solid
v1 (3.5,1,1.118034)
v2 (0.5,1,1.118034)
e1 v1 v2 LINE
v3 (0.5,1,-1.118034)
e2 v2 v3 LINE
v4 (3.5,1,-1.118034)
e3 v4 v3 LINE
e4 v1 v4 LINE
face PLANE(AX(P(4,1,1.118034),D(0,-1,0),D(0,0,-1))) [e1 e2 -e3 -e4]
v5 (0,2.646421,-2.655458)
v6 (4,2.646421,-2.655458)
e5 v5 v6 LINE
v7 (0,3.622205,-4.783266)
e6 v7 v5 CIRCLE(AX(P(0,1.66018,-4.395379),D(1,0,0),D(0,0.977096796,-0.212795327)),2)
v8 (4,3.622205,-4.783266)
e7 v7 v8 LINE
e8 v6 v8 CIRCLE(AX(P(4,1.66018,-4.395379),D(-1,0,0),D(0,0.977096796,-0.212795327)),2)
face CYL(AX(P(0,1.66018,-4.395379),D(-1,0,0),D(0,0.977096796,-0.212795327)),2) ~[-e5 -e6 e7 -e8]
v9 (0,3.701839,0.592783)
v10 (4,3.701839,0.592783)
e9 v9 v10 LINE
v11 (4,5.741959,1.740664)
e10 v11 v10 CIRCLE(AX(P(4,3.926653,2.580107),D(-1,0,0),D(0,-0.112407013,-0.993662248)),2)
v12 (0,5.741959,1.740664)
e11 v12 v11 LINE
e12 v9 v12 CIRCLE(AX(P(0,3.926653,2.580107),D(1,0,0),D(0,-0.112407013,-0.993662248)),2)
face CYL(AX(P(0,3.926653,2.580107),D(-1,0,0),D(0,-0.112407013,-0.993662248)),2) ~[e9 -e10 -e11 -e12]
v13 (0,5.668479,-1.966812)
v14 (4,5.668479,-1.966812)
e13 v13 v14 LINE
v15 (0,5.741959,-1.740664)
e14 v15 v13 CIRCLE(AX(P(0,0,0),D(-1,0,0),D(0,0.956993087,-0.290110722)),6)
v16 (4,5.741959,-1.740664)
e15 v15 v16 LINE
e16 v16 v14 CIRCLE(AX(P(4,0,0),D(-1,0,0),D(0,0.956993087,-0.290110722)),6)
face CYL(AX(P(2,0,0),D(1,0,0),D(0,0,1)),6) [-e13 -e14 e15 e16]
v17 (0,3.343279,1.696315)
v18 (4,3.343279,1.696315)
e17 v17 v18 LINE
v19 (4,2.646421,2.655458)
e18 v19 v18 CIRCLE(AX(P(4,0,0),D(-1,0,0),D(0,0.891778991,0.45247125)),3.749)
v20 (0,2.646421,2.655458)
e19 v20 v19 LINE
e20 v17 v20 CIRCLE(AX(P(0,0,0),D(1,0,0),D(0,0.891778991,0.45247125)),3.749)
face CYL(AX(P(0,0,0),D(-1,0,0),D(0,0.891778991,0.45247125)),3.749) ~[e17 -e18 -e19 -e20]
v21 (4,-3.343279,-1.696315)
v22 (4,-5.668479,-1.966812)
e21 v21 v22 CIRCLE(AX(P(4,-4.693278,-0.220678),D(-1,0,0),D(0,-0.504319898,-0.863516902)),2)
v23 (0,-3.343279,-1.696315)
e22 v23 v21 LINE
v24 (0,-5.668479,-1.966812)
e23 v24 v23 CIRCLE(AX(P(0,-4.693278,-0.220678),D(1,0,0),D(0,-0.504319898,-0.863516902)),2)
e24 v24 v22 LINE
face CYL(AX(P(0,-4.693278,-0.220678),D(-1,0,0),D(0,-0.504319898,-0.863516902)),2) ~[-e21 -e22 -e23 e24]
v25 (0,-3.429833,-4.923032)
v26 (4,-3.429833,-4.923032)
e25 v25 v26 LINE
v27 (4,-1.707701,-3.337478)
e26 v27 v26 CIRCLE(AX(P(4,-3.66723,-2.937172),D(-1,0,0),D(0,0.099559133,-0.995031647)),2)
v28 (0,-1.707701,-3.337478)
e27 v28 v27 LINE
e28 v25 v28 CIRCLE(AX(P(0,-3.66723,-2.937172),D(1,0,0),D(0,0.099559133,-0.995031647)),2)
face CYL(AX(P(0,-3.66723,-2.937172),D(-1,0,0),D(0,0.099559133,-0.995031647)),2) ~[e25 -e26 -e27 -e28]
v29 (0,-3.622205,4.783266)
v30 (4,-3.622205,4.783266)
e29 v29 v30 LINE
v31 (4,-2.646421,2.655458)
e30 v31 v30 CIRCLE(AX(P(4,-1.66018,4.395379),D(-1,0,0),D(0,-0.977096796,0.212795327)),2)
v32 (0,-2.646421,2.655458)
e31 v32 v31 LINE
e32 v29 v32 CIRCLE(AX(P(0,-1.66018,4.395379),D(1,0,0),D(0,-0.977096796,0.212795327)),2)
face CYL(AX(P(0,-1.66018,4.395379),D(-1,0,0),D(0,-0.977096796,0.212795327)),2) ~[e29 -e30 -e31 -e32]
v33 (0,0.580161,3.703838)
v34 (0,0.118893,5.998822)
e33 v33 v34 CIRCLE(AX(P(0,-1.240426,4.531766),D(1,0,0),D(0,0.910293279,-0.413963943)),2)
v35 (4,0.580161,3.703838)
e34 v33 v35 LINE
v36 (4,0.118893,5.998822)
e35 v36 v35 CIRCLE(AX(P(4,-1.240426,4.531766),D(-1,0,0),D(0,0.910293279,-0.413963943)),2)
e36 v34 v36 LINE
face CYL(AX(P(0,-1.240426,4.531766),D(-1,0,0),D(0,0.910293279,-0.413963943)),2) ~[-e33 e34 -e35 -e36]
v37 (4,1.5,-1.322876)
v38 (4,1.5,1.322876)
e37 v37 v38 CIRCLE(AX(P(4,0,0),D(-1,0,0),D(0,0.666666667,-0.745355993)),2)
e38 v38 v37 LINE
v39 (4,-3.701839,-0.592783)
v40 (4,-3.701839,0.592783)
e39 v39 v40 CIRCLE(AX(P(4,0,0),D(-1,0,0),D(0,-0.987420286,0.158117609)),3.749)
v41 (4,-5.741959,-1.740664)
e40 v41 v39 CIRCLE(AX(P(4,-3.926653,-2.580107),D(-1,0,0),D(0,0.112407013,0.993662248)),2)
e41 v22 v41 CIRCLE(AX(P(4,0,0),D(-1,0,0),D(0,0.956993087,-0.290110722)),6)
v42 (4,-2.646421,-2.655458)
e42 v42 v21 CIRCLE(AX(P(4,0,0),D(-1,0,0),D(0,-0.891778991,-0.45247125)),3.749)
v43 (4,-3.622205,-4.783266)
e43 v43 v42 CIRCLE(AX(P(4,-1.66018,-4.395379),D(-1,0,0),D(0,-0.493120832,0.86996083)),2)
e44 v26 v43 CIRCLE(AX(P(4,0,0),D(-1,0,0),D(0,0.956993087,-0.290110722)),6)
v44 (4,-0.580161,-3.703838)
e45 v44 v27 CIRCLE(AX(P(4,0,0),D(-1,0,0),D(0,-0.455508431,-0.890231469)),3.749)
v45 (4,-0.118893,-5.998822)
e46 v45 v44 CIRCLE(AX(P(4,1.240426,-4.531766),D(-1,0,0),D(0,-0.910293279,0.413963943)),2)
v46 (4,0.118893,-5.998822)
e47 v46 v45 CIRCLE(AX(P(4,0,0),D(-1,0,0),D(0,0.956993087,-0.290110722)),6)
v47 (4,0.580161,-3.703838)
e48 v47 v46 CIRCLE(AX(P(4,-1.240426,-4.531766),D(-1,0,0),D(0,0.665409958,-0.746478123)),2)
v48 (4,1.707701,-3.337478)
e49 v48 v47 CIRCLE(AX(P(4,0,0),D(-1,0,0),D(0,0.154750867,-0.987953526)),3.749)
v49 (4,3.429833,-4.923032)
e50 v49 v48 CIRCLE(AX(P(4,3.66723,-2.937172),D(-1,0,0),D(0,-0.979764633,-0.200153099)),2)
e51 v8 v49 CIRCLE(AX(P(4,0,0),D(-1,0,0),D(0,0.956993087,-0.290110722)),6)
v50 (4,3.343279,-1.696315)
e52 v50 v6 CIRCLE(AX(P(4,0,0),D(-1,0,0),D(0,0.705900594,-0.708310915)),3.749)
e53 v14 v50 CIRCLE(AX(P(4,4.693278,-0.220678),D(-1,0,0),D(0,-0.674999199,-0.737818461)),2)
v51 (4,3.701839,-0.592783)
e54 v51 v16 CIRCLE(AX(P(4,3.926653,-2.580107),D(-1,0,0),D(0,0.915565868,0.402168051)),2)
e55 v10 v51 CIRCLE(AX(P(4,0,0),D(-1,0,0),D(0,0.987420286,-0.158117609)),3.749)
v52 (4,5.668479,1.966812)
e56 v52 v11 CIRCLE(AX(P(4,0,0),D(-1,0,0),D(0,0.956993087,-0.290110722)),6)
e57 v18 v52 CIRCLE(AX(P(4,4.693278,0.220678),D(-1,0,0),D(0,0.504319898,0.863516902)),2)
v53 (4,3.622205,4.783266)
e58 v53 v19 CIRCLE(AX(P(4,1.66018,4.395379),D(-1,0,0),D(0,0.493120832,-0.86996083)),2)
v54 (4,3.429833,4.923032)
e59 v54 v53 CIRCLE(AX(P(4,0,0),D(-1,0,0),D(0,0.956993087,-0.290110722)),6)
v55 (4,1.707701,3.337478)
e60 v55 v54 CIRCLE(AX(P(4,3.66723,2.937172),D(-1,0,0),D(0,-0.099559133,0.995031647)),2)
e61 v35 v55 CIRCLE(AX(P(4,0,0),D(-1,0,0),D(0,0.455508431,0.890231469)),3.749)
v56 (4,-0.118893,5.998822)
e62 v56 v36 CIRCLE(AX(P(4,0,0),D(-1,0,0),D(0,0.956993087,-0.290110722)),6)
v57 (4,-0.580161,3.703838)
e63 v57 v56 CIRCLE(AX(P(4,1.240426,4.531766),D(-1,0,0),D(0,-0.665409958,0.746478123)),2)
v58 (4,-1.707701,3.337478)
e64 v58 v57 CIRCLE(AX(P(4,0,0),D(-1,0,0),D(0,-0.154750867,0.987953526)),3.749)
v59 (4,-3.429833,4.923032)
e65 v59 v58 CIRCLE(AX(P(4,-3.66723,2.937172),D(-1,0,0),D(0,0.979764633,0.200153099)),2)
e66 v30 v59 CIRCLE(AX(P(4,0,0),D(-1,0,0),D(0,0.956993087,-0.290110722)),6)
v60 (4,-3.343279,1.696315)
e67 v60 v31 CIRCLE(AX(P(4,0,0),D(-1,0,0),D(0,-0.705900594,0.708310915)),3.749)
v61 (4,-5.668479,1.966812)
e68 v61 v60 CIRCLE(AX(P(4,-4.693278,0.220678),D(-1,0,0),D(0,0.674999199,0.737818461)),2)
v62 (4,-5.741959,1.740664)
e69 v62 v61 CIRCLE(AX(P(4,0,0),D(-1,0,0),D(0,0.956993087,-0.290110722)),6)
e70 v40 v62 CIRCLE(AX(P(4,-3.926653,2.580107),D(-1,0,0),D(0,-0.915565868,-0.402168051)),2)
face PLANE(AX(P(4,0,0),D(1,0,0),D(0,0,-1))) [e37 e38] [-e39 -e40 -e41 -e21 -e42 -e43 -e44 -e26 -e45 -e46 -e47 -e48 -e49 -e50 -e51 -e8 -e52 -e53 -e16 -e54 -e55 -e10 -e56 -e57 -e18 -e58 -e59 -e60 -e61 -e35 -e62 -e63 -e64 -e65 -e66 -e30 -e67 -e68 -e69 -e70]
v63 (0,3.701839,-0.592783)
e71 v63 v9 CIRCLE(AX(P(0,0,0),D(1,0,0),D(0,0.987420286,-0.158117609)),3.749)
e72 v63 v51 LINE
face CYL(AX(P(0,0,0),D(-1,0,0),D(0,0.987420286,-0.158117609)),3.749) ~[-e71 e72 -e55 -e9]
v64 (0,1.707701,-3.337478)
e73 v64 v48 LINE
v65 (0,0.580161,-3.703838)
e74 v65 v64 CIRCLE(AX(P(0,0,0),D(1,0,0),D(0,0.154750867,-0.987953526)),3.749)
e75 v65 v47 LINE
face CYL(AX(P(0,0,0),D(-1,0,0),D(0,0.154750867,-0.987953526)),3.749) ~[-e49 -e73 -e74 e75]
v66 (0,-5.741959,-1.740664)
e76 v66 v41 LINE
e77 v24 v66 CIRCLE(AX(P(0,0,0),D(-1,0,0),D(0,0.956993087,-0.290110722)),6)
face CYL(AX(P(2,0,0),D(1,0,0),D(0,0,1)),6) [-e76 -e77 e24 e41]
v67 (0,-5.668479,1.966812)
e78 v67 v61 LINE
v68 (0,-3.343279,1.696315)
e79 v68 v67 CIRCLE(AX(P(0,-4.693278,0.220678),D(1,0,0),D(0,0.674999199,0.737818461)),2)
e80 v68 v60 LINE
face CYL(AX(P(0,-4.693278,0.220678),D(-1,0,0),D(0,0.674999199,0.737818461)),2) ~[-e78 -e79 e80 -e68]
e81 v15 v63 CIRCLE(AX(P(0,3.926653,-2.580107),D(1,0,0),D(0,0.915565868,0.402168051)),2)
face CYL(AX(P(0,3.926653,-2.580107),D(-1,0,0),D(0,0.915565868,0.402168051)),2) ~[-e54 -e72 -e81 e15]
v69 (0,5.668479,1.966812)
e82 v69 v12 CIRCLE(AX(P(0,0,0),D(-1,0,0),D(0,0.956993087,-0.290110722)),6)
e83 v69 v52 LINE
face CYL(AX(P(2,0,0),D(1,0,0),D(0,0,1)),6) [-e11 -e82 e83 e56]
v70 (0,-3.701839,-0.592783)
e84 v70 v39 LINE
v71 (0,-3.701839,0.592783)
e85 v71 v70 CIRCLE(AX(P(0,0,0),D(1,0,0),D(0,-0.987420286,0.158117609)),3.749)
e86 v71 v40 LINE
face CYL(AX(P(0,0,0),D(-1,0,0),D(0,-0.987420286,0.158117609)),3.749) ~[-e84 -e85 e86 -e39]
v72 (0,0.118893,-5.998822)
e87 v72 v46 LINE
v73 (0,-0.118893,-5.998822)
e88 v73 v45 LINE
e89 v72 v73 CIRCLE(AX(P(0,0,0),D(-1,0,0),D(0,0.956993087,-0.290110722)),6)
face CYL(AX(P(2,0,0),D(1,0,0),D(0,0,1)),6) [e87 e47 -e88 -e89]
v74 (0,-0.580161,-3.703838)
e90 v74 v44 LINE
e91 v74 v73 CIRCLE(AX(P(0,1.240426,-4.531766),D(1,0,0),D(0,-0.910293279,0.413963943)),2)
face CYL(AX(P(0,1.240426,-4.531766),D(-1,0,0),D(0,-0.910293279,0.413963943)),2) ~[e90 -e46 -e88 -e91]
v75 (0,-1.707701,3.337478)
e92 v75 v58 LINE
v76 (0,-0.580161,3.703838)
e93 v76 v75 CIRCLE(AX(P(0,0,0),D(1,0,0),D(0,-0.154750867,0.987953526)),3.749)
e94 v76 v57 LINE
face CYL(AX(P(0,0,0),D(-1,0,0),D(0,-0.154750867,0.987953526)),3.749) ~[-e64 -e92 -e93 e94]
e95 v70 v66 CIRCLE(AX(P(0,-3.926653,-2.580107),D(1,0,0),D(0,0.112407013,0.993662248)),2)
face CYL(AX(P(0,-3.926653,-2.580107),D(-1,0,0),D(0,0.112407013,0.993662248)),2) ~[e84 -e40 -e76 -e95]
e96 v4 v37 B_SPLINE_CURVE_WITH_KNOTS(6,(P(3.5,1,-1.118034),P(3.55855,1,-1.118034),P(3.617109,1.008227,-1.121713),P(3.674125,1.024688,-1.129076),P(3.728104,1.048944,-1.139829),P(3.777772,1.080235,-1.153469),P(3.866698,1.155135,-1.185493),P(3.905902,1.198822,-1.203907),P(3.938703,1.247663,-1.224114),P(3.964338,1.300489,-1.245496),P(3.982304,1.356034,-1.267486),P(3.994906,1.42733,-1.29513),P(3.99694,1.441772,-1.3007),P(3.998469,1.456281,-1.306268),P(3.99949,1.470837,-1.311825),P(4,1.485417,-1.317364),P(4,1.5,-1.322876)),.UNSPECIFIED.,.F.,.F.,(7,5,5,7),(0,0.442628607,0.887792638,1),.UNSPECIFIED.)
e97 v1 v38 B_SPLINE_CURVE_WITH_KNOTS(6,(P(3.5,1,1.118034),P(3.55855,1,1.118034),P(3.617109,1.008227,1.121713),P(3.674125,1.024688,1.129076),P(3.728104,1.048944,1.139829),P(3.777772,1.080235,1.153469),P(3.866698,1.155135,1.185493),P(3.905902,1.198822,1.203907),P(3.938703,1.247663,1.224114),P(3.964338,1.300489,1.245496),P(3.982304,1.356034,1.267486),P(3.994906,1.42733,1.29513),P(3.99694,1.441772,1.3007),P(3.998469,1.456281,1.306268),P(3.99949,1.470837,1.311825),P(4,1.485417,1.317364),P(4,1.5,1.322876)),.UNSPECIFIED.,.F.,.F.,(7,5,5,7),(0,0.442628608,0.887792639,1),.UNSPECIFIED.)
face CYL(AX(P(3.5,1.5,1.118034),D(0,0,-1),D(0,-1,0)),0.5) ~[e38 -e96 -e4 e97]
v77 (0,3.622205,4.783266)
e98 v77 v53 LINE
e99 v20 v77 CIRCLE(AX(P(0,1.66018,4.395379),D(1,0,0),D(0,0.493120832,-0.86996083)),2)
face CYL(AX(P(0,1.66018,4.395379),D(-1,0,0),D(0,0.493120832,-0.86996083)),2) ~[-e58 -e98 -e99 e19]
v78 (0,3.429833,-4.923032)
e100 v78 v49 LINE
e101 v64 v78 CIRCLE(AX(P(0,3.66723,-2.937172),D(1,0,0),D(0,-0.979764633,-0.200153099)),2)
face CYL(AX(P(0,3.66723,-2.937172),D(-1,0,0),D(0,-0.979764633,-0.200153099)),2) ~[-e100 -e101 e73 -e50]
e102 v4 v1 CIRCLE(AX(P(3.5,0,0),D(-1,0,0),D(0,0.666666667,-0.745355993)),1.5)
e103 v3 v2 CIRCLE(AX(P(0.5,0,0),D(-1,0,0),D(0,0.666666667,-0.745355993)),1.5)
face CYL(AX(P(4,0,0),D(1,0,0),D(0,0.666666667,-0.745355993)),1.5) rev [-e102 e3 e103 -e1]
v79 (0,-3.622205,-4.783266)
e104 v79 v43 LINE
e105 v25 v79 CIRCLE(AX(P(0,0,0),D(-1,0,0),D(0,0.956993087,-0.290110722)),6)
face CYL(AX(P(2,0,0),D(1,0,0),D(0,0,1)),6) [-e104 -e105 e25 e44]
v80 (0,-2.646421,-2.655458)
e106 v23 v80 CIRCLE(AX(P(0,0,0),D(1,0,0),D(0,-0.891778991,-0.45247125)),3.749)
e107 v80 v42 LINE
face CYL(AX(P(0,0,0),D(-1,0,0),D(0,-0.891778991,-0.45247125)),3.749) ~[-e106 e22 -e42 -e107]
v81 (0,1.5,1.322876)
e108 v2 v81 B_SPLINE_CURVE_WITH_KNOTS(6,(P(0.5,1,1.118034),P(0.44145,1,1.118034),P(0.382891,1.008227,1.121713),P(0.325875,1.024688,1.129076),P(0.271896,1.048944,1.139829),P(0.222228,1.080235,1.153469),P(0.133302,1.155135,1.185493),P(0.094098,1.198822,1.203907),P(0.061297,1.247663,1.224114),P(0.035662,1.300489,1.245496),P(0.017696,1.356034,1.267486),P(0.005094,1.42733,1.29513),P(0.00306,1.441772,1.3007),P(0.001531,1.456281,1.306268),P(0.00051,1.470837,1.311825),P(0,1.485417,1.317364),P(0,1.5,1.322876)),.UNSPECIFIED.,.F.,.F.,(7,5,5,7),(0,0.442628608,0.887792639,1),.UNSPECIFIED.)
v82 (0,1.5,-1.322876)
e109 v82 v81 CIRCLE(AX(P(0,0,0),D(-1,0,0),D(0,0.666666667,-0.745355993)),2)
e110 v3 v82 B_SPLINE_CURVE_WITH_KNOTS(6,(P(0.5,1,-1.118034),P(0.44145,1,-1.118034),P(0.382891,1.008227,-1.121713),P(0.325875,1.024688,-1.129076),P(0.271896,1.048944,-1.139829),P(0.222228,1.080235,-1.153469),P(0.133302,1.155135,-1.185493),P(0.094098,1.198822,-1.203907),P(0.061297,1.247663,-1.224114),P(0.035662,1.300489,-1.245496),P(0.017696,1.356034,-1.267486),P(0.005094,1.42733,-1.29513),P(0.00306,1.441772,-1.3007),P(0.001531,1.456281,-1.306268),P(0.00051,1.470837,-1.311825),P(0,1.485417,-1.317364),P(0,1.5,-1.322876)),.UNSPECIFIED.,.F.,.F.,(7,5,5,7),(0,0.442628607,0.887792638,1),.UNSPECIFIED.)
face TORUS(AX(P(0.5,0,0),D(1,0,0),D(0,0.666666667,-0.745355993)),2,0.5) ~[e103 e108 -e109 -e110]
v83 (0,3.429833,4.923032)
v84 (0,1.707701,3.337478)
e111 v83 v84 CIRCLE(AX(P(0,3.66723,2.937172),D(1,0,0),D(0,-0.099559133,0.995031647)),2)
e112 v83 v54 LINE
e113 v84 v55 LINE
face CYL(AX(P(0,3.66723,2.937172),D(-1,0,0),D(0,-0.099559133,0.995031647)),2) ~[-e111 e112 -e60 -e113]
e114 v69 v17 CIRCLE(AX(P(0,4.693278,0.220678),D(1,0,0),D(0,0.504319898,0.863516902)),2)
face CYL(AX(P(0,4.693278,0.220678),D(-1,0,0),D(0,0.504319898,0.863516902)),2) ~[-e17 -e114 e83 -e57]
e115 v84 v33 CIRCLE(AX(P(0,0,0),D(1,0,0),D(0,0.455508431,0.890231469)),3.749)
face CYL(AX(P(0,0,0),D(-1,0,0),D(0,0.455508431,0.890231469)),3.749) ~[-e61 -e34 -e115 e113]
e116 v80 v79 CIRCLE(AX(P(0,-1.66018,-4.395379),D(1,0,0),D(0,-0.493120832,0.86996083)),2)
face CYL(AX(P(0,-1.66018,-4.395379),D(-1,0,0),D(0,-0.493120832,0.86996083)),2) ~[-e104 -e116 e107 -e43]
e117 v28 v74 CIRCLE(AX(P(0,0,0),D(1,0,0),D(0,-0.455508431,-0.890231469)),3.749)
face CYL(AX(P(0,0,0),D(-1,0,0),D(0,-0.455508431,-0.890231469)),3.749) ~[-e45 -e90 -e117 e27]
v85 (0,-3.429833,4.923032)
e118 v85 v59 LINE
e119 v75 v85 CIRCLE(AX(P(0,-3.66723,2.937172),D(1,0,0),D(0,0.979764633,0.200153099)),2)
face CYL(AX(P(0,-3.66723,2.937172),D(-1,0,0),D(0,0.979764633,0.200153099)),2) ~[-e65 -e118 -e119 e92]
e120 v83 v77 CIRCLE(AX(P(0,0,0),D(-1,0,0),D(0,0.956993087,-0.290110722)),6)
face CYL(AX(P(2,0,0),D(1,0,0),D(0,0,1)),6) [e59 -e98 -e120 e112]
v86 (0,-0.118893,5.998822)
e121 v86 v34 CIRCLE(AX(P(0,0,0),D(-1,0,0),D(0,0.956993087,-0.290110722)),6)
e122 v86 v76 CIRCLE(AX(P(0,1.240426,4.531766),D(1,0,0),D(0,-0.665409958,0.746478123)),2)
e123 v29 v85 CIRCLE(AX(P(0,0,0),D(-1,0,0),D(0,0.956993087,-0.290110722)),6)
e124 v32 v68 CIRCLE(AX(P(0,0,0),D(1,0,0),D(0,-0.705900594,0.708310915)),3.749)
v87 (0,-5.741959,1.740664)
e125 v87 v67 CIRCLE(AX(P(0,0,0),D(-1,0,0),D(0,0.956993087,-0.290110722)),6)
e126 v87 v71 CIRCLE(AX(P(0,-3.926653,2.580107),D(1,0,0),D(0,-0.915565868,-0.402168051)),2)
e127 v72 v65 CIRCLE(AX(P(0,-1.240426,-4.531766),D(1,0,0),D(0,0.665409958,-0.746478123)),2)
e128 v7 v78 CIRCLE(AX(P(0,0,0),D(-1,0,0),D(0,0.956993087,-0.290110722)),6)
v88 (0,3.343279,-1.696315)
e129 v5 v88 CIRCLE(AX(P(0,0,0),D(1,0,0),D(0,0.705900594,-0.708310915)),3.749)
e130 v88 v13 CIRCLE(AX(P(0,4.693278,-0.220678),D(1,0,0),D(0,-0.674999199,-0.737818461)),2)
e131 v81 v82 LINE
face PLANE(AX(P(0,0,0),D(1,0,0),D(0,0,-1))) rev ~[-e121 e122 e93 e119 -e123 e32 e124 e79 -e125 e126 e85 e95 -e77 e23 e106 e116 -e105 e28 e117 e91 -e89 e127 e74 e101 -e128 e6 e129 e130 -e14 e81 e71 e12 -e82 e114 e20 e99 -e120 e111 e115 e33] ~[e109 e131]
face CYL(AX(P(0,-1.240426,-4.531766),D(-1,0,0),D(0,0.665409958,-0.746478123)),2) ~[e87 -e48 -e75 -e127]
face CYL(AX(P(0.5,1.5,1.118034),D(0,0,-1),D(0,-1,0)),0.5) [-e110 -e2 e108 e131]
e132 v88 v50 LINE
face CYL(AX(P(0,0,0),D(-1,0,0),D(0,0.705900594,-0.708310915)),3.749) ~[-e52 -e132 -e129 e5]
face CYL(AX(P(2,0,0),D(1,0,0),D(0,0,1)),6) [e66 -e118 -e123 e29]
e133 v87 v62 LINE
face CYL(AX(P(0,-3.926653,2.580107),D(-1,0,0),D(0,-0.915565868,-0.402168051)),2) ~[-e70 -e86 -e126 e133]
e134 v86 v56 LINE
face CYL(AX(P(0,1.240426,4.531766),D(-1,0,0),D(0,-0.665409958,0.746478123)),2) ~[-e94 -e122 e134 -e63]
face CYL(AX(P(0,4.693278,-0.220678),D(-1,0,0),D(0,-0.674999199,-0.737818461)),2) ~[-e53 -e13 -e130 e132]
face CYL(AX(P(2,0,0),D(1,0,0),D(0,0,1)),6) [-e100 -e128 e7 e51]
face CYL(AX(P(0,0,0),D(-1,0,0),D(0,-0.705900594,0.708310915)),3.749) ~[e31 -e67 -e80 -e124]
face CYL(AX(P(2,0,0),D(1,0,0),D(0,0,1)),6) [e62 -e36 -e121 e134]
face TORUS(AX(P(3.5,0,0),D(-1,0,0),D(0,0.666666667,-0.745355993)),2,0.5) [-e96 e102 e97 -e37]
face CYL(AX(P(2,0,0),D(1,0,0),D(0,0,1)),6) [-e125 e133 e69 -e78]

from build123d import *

# Parameters (mm, degrees)
BASPROSKE_W         = 4
BASPROSKE_H         = 6
TOOTHCUT_DEPTH      = 10.38083152
TEETHCUTS_COUNT     = 10
TEETHCUTS_ANGLE     = 324
BORSKE_R            = 2.5
BORE_DEPTH          = 50.0000508
SKETCH1_R           = 2.5
BOSS_EXTRUDE1_DEPTH = 4
FILLET1_R           = 0.5


with BuildPart() as part:
    # BasProSke → Base-Revolve (revolve)
    with BuildSketch(Plane(origin=(0, 0, 0), x_dir=(1, 0, 0), z_dir=(0, 1, 0)), mode=Mode.PRIVATE) as base_revolve_sk:
        with Locations((2, 3)):
            Rectangle(BASPROSKE_W, BASPROSKE_H)
    revolve(base_revolve_sk.sketch.rotate(Axis((-10, 0, 0), (1, 0, 0)), 180), axis=Axis((-10, 0, 0), (1, 0, 0)))

    # TooCutSke → ToothCut (cut, through all)
    with BuildSketch(Plane(origin=(0, 0, 0), x_dir=(0, 0, -1), z_dir=(1, 0, 0))):
        with BuildLine():
            ThreePointArc((0.59278292, 3.701838653), (0, 3.749), (-0.59278292, 3.701838653))
            ThreePointArc((-0.59278292, 3.701838653), (-0.846593509, 4.924114224), (-1.775771316, 5.757784417))
            ThreePointArc((-1.775771316, 5.757784417), (0, 6.0254), (1.775771316, 5.757784417))
            ThreePointArc((1.775771316, 5.757784417), (0.846593509, 4.924114224), (0.59278292, 3.701838653))
        make_face()
    toothcut = extrude(amount=TOOTHCUT_DEPTH, mode=Mode.SUBTRACT)

    # TeethCuts: ToothCut ×10 about axis
    teethcuts_axis = Axis((-10, 0, 0), (1, 0, 0))
    for i in range(1, TEETHCUTS_COUNT):
        add(toothcut.rotate(teethcuts_axis, i * TEETHCUTS_ANGLE / (TEETHCUTS_COUNT - 1)), mode=Mode.SUBTRACT)

    # BorSke → Bore (cut, symmetric)
    with BuildSketch(Plane(origin=(0, 0, 0), x_dir=(0, 0, -1), z_dir=(1, 0, 0))):
        with Locations(Location((0, 0, 0), (0, 0, 180))):
            Circle(BORSKE_R)
    extrude(amount=BORE_DEPTH, both=True, mode=Mode.SUBTRACT)

    # Sketch1 → Boss-Extrude1 (add)
    with BuildSketch(Plane(origin=(4, 0, 0), x_dir=(0, 0, -1), z_dir=(1, 0, 0))):
        Circle(SKETCH1_R)
        with BuildLine():
            Line((-1.118033989, 1), (1.118033989, 1))
            ThreePointArc((1.118033989, 1), (0, -1.5), (-1.118033989, 1))
        make_face(mode=Mode.SUBTRACT)
    extrude(amount=-BOSS_EXTRUDE1_DEPTH)

    # Fillet1
    fillet1_edges = [part.edges().sort_by_distance(p)[0] for p in [
        (0, 1, 0),
        (4, 1, 0),
        (0, -1.5, 0),
        (4, -1.5, 0),
    ]]
    fillet(fillet1_edges, radius=FILLET1_R)


solid = part.part
